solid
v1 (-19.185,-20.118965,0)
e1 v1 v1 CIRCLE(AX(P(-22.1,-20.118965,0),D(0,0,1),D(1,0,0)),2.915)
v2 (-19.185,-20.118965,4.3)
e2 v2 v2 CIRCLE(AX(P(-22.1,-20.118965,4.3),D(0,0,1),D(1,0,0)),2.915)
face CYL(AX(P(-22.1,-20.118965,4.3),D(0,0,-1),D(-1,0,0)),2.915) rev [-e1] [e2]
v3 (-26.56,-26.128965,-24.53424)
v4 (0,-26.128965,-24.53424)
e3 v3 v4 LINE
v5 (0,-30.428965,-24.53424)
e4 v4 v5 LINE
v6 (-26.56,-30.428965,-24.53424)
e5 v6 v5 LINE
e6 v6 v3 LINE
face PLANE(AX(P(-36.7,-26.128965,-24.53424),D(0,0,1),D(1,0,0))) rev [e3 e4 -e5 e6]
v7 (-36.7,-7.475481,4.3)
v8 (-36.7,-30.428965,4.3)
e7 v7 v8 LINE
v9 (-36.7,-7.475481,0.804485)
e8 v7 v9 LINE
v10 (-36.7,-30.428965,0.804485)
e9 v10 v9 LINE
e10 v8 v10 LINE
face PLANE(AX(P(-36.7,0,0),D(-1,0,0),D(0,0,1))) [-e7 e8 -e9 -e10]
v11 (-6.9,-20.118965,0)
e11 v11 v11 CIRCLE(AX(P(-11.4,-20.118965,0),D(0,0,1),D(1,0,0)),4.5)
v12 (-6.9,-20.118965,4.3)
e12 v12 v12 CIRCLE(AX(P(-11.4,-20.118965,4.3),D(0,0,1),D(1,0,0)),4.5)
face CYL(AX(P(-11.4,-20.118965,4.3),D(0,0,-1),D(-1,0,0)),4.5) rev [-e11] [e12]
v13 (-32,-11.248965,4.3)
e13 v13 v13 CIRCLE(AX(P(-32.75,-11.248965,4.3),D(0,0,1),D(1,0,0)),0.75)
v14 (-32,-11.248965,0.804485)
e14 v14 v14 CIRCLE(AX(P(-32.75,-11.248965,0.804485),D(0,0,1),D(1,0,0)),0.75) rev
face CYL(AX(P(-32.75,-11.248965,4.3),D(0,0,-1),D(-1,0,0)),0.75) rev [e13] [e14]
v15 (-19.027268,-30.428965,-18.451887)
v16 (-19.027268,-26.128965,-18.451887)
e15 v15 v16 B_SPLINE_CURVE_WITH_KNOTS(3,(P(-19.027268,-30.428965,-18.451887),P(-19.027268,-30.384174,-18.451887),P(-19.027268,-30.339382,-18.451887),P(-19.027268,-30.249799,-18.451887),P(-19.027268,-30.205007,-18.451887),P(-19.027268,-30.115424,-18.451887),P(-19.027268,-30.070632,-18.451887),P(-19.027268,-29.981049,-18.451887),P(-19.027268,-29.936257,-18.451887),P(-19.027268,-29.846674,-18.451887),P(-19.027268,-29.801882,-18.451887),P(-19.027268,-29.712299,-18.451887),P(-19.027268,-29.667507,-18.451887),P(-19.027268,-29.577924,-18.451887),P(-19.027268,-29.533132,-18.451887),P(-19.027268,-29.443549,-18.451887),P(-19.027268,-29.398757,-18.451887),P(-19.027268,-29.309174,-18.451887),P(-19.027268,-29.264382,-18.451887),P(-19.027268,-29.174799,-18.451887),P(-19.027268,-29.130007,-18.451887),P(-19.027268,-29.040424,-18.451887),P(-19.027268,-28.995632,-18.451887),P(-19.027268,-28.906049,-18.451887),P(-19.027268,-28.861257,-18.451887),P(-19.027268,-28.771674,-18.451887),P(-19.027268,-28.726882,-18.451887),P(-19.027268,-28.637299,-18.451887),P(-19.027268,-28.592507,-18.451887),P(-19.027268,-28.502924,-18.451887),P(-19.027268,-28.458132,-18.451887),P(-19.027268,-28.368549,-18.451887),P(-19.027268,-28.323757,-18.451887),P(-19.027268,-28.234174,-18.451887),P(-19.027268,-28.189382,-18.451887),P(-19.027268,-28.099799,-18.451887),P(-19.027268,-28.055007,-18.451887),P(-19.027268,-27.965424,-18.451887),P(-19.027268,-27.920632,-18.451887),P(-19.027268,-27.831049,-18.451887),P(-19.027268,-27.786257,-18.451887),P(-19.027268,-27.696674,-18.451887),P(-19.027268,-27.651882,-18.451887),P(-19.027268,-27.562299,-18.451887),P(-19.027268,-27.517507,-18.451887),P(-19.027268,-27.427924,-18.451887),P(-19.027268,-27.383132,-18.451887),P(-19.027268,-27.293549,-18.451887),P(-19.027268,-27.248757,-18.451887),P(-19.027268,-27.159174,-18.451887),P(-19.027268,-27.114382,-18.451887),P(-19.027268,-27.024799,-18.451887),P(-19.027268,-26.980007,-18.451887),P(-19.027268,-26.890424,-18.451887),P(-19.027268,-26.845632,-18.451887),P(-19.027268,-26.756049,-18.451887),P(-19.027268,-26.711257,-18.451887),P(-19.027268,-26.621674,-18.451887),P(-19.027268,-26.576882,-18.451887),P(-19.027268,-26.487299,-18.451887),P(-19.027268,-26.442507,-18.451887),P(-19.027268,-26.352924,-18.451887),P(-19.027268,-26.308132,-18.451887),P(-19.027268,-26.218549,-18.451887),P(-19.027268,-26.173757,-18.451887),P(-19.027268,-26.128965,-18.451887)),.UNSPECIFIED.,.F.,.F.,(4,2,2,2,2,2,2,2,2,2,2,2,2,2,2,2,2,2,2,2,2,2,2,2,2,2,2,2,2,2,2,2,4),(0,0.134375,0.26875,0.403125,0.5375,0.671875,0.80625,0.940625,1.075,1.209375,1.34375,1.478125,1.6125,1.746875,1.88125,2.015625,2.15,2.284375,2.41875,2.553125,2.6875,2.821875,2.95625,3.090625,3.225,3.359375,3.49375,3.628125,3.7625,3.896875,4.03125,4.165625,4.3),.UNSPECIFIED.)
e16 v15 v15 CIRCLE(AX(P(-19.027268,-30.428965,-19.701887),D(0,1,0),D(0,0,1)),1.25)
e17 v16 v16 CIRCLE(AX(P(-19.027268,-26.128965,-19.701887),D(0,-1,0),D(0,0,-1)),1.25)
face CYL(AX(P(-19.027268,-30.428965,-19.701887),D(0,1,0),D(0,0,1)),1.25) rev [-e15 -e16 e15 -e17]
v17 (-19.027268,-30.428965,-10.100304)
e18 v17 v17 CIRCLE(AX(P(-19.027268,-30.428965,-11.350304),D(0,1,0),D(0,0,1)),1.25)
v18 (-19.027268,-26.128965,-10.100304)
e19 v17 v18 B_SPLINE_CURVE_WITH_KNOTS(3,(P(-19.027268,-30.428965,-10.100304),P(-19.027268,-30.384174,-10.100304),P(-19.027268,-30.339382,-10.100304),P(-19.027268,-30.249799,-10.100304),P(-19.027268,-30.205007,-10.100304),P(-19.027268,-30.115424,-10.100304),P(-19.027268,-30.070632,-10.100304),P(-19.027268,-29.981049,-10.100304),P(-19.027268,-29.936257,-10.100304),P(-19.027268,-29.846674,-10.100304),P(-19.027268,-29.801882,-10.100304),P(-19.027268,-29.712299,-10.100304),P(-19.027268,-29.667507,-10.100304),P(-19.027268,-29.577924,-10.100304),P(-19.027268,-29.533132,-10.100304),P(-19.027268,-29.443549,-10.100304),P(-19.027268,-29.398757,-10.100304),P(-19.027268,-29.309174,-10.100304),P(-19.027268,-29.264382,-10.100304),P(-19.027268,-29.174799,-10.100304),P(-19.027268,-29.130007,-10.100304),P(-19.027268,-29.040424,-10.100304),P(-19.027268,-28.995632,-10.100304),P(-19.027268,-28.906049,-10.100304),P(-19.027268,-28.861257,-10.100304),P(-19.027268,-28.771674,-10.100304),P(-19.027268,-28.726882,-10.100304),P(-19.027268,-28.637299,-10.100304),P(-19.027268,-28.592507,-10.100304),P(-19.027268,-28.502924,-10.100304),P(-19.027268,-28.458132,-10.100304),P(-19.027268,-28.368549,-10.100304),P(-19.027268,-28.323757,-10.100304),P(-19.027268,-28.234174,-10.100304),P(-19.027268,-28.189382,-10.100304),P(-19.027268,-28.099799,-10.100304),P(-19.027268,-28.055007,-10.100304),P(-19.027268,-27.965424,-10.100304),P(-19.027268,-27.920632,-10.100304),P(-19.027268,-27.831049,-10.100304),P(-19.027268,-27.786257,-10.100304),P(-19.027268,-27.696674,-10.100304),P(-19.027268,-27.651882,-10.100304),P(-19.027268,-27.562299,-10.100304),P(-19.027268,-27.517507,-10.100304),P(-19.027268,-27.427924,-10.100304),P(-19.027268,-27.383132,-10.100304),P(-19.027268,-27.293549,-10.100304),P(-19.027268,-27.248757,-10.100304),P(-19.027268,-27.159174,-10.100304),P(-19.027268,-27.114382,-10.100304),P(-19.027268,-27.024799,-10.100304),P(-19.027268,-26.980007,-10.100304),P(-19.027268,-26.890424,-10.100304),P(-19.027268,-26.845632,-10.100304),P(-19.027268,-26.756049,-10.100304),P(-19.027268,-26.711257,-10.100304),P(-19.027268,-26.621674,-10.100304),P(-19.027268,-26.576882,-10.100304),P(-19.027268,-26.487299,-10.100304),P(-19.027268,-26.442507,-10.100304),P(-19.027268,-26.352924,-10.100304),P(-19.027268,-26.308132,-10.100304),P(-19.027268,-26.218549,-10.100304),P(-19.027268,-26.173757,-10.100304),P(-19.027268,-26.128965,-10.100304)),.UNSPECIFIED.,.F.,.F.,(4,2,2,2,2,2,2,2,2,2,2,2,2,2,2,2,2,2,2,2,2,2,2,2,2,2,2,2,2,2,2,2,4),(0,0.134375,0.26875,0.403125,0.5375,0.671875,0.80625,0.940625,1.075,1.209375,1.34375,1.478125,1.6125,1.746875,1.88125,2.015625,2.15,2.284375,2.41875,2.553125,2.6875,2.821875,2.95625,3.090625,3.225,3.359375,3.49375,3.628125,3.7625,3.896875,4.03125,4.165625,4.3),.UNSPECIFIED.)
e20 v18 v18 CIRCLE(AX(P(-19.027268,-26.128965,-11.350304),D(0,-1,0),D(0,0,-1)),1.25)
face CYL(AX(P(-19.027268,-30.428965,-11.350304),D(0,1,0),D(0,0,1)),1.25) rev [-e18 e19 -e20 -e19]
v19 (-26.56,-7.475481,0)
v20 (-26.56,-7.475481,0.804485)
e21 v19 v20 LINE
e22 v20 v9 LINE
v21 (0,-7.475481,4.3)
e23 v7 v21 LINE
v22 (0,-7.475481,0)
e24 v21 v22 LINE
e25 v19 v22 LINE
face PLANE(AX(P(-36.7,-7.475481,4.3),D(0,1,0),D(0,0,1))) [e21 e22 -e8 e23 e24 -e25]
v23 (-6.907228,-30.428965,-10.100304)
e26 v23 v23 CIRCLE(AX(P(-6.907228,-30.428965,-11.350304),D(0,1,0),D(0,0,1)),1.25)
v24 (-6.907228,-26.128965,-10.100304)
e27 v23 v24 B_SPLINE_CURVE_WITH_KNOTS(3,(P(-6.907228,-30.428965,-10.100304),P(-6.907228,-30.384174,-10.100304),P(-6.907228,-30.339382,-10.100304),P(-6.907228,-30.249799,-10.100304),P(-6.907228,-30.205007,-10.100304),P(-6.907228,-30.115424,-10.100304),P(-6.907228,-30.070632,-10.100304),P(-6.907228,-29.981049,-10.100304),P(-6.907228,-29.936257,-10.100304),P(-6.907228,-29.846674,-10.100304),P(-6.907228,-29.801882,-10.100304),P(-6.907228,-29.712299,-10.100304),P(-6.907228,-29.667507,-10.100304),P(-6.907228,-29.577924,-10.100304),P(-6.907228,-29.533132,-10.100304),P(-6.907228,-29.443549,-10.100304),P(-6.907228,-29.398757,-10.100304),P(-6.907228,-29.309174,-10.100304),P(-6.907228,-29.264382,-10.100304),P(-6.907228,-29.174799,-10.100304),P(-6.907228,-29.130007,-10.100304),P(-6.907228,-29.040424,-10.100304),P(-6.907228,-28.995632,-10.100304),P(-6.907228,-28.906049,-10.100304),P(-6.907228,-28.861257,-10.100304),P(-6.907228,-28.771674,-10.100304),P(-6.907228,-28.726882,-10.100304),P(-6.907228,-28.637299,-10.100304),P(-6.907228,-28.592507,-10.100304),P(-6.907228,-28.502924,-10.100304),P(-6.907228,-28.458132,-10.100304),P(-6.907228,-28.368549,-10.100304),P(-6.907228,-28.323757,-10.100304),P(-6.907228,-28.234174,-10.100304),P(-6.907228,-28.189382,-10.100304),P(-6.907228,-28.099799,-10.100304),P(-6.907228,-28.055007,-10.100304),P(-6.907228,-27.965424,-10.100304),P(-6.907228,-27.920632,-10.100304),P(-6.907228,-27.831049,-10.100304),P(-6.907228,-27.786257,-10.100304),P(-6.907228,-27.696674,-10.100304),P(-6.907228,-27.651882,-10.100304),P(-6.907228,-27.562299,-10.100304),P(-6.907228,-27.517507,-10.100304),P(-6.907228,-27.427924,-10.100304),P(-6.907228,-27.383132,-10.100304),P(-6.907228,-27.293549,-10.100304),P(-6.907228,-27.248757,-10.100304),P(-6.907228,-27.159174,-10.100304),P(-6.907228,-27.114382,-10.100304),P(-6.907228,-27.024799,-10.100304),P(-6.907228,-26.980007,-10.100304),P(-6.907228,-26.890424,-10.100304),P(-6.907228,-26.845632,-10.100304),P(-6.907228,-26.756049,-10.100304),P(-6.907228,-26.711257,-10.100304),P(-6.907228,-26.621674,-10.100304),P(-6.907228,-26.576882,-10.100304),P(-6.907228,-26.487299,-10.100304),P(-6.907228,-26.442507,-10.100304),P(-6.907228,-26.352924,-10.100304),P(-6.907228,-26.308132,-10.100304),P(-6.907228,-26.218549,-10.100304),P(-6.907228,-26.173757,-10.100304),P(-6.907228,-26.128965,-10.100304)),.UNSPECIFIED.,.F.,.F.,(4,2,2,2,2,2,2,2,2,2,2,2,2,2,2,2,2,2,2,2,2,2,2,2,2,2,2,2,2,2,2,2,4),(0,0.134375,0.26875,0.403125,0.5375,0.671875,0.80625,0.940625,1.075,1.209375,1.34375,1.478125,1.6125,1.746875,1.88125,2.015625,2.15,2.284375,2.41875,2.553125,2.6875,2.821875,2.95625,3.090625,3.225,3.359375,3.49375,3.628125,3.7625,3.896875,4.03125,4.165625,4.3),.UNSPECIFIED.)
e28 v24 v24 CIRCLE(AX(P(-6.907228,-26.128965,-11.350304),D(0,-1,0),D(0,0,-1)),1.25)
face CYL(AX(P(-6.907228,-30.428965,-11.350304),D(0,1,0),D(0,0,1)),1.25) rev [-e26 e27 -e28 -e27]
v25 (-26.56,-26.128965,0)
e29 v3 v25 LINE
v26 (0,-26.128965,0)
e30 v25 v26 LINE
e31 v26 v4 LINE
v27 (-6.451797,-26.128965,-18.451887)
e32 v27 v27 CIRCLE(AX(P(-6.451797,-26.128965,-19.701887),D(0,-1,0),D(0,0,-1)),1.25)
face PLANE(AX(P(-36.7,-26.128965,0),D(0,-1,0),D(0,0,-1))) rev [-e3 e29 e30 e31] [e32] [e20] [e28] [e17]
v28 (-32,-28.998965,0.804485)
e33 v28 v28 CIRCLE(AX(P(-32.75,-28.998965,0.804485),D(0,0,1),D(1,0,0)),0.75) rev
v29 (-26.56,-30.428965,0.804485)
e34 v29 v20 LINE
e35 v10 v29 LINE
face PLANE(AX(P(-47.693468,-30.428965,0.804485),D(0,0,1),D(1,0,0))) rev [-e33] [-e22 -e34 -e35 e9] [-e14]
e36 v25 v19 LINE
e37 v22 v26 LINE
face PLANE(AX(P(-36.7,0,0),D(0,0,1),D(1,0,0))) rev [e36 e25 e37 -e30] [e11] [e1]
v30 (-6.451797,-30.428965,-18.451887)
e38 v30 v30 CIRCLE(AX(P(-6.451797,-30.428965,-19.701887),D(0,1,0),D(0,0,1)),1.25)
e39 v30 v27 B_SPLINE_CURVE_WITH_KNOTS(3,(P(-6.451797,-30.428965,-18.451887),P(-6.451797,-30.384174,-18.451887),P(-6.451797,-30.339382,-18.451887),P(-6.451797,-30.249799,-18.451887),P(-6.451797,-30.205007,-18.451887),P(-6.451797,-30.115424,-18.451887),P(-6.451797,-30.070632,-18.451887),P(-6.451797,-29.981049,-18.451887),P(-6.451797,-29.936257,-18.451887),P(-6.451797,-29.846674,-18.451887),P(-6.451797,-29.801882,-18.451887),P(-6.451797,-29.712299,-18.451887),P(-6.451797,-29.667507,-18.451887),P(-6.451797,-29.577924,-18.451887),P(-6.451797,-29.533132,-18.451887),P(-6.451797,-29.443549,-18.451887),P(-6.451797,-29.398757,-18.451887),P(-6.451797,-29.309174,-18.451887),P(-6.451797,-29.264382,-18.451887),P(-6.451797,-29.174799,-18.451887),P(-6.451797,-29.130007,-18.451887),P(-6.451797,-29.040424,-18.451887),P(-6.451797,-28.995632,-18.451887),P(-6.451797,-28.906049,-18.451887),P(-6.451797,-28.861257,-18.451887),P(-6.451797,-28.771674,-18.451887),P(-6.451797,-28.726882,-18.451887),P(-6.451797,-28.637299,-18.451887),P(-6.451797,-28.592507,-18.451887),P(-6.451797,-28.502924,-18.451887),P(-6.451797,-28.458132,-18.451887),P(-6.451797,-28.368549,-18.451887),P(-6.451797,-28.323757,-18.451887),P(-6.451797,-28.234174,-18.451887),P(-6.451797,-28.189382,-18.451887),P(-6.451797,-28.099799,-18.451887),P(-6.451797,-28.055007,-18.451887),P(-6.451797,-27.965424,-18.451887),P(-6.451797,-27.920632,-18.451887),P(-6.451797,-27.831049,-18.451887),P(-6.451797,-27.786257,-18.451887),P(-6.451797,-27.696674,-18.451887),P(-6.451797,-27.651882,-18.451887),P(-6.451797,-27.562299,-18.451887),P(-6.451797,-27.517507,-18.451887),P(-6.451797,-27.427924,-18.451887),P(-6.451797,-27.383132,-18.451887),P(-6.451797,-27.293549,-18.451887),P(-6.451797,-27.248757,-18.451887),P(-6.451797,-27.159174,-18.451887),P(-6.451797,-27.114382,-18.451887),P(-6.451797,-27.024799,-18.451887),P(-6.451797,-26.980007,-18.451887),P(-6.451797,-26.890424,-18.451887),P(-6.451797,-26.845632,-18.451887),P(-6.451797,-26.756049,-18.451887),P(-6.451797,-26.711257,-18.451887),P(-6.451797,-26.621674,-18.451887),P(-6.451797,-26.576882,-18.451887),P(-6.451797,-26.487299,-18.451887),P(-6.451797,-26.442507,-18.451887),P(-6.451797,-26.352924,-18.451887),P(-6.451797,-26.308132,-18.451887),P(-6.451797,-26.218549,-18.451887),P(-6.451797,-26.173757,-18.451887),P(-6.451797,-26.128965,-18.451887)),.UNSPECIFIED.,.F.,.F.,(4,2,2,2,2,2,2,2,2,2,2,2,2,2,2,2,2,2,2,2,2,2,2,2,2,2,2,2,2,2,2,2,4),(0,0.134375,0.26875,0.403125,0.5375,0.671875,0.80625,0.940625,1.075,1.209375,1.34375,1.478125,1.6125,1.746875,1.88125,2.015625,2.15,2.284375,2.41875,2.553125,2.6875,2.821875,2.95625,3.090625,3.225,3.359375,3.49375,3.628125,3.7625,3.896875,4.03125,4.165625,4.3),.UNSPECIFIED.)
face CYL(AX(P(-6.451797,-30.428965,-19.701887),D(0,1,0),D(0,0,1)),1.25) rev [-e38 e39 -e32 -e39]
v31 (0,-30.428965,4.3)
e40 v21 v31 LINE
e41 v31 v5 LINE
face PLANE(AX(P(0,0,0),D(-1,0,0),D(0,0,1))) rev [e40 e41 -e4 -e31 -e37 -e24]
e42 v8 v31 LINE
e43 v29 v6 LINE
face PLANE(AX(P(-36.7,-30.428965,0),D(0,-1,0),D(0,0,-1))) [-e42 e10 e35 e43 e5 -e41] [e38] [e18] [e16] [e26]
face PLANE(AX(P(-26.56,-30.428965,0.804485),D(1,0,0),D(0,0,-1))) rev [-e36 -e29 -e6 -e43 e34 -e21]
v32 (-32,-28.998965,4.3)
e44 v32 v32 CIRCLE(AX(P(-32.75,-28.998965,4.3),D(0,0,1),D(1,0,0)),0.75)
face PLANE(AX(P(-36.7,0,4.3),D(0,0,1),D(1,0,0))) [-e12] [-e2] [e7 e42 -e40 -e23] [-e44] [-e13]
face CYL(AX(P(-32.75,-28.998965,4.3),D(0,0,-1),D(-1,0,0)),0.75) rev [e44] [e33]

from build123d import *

# Parameters (mm, degrees)
EXTRUDE_THIN1_DEPTH = 36.7
SKETCH4_W           = 21.133468013
SKETCH4_H           = 40.04871341
CUT_EXTRUDE2_DEPTH  = 54.616609778
SKETCH5_R           = 4.5
CUT_EXTRUDE3_DEPTH  = 54.616609778
SKETCH6_R           = 2.915
CUT_EXTRUDE4_DEPTH  = 54.616609778
SKETCH7_R           = 0.75
CUT_EXTRUDE5_DEPTH  = 54.616609778
SKETCH8_R           = 1.25
CUT_EXTRUDE6_DEPTH  = 54.616609778
SKETCH9_W           = 36.7
SKETCH9_H           = 7.475480679
CUT_EXTRUDE7_DEPTH  = 54.616609778


with BuildPart() as part:
    # Sketch3 → Extrude-Thin1 (new body)
    with BuildSketch(Plane(origin=(0, 0, 0), x_dir=(0, 0, -1), z_dir=(1, 0, 0))):
        Polygon((0, 0), (0, -26.128965265), (24.534239686, -26.128965265), (24.534239686, -30.428965265), (-4.3, -30.428965265), (-4.3, 0), align=None)
    extrude(amount=-EXTRUDE_THIN1_DEPTH)

    # Sketch4 → Cut-Extrude2 (cut, through all)
    with BuildSketch(Plane(origin=(0, 0, 0), x_dir=(1, 0, 0), z_dir=(0, 1, 0))):
        with Locations((-37.126734007, 19.219871441)):
            Rectangle(SKETCH4_W, SKETCH4_H)
    extrude(amount=-CUT_EXTRUDE2_DEPTH, mode=Mode.SUBTRACT)

    # Sketch5 → Cut-Extrude3 (cut, through all)
    with BuildSketch(Plane.XY):
        with Locations((-11.4, -20.118965265)):
            Circle(SKETCH5_R)
    extrude(amount=CUT_EXTRUDE3_DEPTH, mode=Mode.SUBTRACT)

    # Sketch6 → Cut-Extrude4 (cut, through all)
    with BuildSketch(Plane.XY):
        with Locations((-22.1, -20.118965265)):
            Circle(SKETCH6_R)
    extrude(amount=CUT_EXTRUDE4_DEPTH, mode=Mode.SUBTRACT)

    # Sketch7 → Cut-Extrude5 (cut, through all)
    with BuildSketch(Plane.XY):
        with Locations((-32.75, -11.248965265)):
            Circle(SKETCH7_R)
        with Locations((-32.75, -28.998965265)):
            Circle(SKETCH7_R)
    extrude(amount=CUT_EXTRUDE5_DEPTH, mode=Mode.SUBTRACT)

    # Sketch8 → Cut-Extrude6 (cut, through all)
    with BuildSketch(Plane(origin=(0, 0, 0), x_dir=(1, 0, 0), z_dir=(0, 1, 0))):
        with Locations(Location((-19.027267825, 11.350303501, 0), (0, 0, 270))):
            Circle(SKETCH8_R)
        with Locations(Location((-19.027267825, 19.701887491, 0), (0, 0, 270))):
            Circle(SKETCH8_R)
        with Locations(Location((-6.907228252, 11.350303501, 0), (0, 0, 270))):
            Circle(SKETCH8_R)
        with Locations(Location((-6.45179676, 19.701887491, 0), (0, 0, 270))):
            Circle(SKETCH8_R)
    extrude(amount=-CUT_EXTRUDE6_DEPTH, mode=Mode.SUBTRACT)

    # Sketch9 → Cut-Extrude7 (cut, through all)
    with BuildSketch(Plane.XY):
        with Locations((-18.35, -3.73774034)):
            Rectangle(SKETCH9_W, SKETCH9_H)
    extrude(amount=CUT_EXTRUDE7_DEPTH, mode=Mode.SUBTRACT)


solid = part.part
